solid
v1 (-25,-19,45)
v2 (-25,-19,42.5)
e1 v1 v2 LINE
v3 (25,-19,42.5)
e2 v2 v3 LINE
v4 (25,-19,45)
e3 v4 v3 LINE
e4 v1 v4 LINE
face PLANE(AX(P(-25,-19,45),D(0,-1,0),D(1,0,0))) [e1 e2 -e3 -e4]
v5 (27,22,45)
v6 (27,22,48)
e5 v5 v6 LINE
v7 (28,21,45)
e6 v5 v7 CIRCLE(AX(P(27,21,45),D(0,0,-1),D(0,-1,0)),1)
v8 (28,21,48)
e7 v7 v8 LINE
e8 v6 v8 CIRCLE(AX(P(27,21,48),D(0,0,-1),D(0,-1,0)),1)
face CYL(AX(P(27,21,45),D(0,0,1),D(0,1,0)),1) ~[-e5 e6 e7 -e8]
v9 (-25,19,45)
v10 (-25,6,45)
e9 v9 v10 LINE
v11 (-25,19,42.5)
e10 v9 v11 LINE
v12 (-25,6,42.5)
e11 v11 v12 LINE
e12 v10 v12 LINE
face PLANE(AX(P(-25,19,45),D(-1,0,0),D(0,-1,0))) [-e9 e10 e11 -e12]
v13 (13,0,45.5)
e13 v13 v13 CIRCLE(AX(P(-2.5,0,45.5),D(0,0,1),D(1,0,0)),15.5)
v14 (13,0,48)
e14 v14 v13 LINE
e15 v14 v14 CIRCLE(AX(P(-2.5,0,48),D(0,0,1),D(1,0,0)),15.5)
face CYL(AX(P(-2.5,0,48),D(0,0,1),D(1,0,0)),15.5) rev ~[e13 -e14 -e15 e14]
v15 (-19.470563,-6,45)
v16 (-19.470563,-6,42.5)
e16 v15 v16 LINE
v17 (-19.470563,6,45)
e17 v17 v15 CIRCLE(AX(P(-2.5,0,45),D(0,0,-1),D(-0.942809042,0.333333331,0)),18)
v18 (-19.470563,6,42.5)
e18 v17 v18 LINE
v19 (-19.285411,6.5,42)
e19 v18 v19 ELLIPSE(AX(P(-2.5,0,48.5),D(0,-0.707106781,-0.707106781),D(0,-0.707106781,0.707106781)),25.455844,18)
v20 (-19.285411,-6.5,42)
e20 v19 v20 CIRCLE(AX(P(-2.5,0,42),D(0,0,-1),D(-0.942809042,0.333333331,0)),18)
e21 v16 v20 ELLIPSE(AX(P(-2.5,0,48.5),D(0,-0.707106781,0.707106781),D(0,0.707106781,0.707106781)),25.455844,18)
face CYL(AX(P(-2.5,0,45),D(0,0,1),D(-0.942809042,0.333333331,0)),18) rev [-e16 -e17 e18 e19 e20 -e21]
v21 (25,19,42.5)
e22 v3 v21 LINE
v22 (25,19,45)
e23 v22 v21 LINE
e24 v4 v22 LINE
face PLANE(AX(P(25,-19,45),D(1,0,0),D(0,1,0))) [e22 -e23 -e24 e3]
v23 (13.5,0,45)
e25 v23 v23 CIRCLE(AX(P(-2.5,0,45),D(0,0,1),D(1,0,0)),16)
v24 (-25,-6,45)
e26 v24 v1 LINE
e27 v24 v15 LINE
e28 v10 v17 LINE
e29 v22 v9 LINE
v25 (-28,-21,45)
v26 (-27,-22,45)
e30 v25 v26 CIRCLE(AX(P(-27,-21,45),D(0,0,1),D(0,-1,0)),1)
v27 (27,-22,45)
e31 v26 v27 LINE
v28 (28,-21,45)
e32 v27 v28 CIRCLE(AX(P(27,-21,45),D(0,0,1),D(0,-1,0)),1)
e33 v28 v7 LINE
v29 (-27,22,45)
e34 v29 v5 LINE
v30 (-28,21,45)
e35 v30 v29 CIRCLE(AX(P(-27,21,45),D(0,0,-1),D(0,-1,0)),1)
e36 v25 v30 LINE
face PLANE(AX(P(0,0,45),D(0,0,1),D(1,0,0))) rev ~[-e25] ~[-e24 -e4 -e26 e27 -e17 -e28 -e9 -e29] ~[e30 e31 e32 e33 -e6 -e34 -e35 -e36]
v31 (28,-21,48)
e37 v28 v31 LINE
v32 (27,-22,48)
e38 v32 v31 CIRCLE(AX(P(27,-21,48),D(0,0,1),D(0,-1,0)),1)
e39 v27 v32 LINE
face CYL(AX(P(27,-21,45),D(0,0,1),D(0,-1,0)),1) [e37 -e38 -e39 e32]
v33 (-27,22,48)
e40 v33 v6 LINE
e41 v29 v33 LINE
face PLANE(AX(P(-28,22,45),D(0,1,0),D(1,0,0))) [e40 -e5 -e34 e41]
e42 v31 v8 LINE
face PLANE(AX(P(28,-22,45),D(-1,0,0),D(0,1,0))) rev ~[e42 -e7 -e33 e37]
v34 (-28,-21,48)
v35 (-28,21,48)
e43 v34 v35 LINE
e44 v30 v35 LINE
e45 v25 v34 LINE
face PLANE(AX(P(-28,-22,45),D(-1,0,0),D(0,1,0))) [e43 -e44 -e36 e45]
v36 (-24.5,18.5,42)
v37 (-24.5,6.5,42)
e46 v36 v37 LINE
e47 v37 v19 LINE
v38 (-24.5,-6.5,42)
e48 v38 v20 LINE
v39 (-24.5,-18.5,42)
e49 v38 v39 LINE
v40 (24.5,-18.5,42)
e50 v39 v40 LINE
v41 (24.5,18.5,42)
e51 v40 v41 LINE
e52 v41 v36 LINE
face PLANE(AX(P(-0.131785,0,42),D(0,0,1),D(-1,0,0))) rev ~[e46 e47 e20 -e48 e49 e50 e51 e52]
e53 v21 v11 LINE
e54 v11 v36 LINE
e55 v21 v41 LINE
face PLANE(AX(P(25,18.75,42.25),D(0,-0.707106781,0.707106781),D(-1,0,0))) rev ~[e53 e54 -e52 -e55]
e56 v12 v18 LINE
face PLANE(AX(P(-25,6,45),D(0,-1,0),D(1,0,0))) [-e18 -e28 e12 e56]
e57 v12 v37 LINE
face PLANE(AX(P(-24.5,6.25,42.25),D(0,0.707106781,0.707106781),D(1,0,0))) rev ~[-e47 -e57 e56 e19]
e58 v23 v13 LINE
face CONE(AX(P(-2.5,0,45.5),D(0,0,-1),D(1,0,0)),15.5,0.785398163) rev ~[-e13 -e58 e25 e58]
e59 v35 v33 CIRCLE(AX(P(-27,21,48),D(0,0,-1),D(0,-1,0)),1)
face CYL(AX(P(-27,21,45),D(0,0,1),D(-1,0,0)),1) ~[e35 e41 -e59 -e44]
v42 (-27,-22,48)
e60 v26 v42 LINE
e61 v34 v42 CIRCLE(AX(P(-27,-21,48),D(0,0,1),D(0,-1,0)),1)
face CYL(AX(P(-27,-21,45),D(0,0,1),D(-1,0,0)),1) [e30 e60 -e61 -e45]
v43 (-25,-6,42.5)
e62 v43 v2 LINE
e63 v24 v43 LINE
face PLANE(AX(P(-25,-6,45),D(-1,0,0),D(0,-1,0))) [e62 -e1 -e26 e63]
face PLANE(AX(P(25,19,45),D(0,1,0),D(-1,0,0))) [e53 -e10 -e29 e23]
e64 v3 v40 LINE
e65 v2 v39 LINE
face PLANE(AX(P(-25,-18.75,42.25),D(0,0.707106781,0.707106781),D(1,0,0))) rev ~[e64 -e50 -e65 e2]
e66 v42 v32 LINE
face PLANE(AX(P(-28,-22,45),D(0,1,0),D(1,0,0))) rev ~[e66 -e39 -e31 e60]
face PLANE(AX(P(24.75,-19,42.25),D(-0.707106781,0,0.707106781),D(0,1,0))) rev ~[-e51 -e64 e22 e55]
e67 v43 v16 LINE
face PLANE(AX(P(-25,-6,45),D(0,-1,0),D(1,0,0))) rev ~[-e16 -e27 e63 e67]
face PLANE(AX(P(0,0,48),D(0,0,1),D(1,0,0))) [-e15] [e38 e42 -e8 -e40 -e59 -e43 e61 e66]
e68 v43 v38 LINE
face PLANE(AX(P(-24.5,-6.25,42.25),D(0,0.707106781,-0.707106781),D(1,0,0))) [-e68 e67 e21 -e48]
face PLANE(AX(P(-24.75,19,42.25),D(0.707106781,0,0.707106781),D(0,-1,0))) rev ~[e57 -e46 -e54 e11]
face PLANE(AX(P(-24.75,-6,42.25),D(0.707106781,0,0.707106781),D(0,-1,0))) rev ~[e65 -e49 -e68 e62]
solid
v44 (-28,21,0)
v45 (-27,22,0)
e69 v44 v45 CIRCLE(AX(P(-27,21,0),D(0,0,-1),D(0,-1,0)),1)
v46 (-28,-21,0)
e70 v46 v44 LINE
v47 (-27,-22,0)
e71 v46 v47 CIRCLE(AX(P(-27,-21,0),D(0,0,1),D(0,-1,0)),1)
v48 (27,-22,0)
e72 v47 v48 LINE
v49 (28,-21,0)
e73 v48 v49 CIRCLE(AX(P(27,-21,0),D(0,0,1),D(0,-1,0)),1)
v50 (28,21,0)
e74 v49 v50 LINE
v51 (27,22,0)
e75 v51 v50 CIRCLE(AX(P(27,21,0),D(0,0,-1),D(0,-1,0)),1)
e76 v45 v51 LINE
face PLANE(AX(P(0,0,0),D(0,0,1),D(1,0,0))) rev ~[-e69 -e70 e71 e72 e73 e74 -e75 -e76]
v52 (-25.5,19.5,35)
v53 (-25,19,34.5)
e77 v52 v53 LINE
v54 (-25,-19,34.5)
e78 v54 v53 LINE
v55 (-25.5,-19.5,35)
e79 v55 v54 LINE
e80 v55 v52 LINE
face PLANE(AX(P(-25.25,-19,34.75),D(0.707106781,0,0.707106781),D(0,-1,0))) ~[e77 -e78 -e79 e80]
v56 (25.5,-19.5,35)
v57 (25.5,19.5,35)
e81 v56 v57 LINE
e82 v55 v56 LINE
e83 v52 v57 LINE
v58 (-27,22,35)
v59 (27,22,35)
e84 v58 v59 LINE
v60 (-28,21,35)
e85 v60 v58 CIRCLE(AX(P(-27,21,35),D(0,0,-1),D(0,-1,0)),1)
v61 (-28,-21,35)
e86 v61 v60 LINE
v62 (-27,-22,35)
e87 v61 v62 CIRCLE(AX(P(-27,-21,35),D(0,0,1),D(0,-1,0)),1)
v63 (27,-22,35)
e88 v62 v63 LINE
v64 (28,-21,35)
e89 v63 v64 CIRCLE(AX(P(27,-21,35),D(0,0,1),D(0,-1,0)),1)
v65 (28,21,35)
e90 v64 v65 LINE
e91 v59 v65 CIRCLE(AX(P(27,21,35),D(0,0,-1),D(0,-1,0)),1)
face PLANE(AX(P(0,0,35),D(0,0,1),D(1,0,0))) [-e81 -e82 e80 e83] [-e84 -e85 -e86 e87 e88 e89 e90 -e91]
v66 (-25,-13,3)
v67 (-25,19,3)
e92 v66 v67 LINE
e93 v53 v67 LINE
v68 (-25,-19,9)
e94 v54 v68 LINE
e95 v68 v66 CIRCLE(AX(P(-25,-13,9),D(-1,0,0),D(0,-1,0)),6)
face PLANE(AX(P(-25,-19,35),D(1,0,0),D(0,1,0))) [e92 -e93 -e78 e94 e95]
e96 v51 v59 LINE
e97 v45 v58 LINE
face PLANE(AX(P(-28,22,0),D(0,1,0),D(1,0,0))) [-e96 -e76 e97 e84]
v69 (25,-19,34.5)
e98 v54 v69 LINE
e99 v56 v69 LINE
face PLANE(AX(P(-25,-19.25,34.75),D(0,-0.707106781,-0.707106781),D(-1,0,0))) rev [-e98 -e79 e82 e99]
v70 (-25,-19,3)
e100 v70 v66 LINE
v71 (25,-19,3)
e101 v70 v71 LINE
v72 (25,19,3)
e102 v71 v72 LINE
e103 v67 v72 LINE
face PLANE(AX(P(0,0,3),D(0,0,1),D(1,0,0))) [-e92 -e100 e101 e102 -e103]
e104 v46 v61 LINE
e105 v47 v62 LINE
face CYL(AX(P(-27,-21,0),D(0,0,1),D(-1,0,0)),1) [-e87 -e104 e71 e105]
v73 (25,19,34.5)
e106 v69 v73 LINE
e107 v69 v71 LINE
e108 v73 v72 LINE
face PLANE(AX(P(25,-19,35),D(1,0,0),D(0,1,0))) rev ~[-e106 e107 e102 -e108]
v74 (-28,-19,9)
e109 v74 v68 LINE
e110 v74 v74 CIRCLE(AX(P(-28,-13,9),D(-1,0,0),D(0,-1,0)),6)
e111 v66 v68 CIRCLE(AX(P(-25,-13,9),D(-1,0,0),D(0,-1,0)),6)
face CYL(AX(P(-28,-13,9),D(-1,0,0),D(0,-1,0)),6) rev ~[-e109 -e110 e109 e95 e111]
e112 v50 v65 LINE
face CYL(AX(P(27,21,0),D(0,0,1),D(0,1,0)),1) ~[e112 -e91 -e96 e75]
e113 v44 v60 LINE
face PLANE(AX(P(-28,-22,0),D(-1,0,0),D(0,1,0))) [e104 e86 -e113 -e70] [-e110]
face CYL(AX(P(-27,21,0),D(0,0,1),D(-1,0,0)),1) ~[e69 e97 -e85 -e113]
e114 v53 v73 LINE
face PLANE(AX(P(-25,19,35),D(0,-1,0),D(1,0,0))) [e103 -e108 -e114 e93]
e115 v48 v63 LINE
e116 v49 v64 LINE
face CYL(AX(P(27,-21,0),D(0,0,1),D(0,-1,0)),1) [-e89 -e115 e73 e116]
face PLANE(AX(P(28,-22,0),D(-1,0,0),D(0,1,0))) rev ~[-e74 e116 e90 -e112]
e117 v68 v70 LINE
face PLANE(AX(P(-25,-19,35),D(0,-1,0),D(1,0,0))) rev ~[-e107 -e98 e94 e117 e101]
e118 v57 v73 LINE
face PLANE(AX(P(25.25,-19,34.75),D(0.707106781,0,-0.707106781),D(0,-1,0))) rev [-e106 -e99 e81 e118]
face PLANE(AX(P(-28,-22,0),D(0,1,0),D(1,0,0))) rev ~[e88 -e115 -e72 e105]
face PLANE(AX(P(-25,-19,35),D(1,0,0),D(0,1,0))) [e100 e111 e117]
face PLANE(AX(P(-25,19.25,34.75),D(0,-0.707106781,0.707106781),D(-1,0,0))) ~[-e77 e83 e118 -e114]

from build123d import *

# Parameters (mm, degrees)
SKETCH_W        = 56
SKETCH_H        = 44
PAD_DEPTH       = 35
SKETCH001_W     = 50
SKETCH001_H     = 38
POCKET_DEPTH    = 32
CHAMFER_SIZE    = 0.5
SKETCH002_R     = 6
POCKET002_DEPTH = 3.5
FILLET_R        = 1
SKETCH003_W     = 56
SKETCH003_H     = 44
PAD001_DEPTH    = 3
PAD002_DEPTH    = 3
CHAMFER001_SIZE = 0.5
SKETCH005_R     = 15.5
POCKET001_DEPTH = 6.001
CHAMFER002_SIZE = 0.5
CHAMFER003_SIZE = 0.5
FILLET001_R     = 1


with BuildPart() as enclosure:
    # Sketch → Pad (new body)
    with BuildSketch(Plane.XY):
        Rectangle(SKETCH_W, SKETCH_H)
    extrude(amount=PAD_DEPTH)

    # Sketch001 (on Face6 of Pad) → Pocket (cut)
    with BuildSketch(Plane.XY.offset(35)):
        Rectangle(SKETCH001_W, SKETCH001_H)
    extrude(amount=-POCKET_DEPTH, mode=Mode.SUBTRACT)

    # Chamfer
    chamfer_edges = [enclosure.edges().sort_by_distance(p)[0] for p in [
        (0, 19, 35),
        (-25, 0, 35),
        (0, -19, 35),
        (25, 0, 35),
    ]]
    chamfer(chamfer_edges, length=CHAMFER_SIZE)

    # Sketch002 (on Face2 of Pocket) → Pocket002 (cut)
    with BuildSketch(Plane(origin=(-28, 0, 0), x_dir=(0, -1, 0), z_dir=(-1, 0, 0))):
        with Locations((13, 9)):
            Circle(SKETCH002_R)
    extrude(amount=-POCKET002_DEPTH, mode=Mode.SUBTRACT)

    # Fillet
    fillet_edges = [enclosure.edges().sort_by_distance(p)[0] for p in [
        (-28, 22, 17.5),
        (28, 22, 17.5),
        (28, -22, 17.5),
        (-28, -22, 17.5),
    ]]
    fillet(fillet_edges, radius=FILLET_R)


with BuildPart() as lid:
    # Sketch003 (on DatumPlane) → Pad001 (new body)
    with BuildSketch(Plane.XY.offset(45)):
        Rectangle(SKETCH003_W, SKETCH003_H)
    extrude(amount=PAD001_DEPTH)

    # Sketch004 (on Face5 of Pad001) → Pad002 (join)
    with BuildSketch(Plane(origin=(0, 0, 45), x_dir=(1, 0, 0), z_dir=(0, 0, -1))):
        with BuildLine():
            Line((-25, 19), (25, 19))
            Line((25, 19), (25, -19))
            Line((25, -19), (-25, -19))
            Line((-25, -19), (-25, -6))
            Line((-25, -6), (-19.470563, -6))
            ThreePointArc((-19.470563, -6), (15.5, 0), (-19.470563, 6))
            Line((-25, 6), (-19.470563, 6))
            Line((-25, 6), (-25, 19))
        make_face()
    extrude(amount=PAD002_DEPTH)

    # Chamfer001
    chamfer001_edges = [lid.edges().sort_by_distance(p)[0] for p in [
        (0, -19, 42),
        (-25, -12.5, 42),
        (-25, 12.5, 42),
        (0, 19, 42),
        (25, 0, 42),
    ]]
    chamfer(chamfer001_edges, length=CHAMFER001_SIZE)

    # Sketch005 (on Face5 of Pad002) → Pocket001 (cut, through all)
    with BuildSketch(Plane.XY.offset(48)):
        with Locations((-2.5, 0)):
            Circle(SKETCH005_R)
    extrude(amount=-POCKET001_DEPTH, mode=Mode.SUBTRACT)

    # Chamfer002
    chamfer002_edges = [lid.edges().sort_by_distance(p)[0] for p in [
        (-18, 0, 45),
    ]]
    chamfer(chamfer002_edges, length=CHAMFER002_SIZE)

    # Chamfer003
    chamfer003_edges = [lid.edges().sort_by_distance(p)[0] for p in [
        (-21.985281, 6, 42),
        (-21.985281, -6, 42),
    ]]
    chamfer(chamfer003_edges, length=CHAMFER003_SIZE)

    # Fillet001
    fillet001_edges = [lid.edges().sort_by_distance(p)[0] for p in [
        (28, -22, 46.5),
        (28, 22, 46.5),
        (-28, 22, 46.5),
        (-28, -22, 46.5),
    ]]
    fillet(fillet001_edges, radius=FILLET001_R)


solid = Compound([enclosure.part, lid.part])
